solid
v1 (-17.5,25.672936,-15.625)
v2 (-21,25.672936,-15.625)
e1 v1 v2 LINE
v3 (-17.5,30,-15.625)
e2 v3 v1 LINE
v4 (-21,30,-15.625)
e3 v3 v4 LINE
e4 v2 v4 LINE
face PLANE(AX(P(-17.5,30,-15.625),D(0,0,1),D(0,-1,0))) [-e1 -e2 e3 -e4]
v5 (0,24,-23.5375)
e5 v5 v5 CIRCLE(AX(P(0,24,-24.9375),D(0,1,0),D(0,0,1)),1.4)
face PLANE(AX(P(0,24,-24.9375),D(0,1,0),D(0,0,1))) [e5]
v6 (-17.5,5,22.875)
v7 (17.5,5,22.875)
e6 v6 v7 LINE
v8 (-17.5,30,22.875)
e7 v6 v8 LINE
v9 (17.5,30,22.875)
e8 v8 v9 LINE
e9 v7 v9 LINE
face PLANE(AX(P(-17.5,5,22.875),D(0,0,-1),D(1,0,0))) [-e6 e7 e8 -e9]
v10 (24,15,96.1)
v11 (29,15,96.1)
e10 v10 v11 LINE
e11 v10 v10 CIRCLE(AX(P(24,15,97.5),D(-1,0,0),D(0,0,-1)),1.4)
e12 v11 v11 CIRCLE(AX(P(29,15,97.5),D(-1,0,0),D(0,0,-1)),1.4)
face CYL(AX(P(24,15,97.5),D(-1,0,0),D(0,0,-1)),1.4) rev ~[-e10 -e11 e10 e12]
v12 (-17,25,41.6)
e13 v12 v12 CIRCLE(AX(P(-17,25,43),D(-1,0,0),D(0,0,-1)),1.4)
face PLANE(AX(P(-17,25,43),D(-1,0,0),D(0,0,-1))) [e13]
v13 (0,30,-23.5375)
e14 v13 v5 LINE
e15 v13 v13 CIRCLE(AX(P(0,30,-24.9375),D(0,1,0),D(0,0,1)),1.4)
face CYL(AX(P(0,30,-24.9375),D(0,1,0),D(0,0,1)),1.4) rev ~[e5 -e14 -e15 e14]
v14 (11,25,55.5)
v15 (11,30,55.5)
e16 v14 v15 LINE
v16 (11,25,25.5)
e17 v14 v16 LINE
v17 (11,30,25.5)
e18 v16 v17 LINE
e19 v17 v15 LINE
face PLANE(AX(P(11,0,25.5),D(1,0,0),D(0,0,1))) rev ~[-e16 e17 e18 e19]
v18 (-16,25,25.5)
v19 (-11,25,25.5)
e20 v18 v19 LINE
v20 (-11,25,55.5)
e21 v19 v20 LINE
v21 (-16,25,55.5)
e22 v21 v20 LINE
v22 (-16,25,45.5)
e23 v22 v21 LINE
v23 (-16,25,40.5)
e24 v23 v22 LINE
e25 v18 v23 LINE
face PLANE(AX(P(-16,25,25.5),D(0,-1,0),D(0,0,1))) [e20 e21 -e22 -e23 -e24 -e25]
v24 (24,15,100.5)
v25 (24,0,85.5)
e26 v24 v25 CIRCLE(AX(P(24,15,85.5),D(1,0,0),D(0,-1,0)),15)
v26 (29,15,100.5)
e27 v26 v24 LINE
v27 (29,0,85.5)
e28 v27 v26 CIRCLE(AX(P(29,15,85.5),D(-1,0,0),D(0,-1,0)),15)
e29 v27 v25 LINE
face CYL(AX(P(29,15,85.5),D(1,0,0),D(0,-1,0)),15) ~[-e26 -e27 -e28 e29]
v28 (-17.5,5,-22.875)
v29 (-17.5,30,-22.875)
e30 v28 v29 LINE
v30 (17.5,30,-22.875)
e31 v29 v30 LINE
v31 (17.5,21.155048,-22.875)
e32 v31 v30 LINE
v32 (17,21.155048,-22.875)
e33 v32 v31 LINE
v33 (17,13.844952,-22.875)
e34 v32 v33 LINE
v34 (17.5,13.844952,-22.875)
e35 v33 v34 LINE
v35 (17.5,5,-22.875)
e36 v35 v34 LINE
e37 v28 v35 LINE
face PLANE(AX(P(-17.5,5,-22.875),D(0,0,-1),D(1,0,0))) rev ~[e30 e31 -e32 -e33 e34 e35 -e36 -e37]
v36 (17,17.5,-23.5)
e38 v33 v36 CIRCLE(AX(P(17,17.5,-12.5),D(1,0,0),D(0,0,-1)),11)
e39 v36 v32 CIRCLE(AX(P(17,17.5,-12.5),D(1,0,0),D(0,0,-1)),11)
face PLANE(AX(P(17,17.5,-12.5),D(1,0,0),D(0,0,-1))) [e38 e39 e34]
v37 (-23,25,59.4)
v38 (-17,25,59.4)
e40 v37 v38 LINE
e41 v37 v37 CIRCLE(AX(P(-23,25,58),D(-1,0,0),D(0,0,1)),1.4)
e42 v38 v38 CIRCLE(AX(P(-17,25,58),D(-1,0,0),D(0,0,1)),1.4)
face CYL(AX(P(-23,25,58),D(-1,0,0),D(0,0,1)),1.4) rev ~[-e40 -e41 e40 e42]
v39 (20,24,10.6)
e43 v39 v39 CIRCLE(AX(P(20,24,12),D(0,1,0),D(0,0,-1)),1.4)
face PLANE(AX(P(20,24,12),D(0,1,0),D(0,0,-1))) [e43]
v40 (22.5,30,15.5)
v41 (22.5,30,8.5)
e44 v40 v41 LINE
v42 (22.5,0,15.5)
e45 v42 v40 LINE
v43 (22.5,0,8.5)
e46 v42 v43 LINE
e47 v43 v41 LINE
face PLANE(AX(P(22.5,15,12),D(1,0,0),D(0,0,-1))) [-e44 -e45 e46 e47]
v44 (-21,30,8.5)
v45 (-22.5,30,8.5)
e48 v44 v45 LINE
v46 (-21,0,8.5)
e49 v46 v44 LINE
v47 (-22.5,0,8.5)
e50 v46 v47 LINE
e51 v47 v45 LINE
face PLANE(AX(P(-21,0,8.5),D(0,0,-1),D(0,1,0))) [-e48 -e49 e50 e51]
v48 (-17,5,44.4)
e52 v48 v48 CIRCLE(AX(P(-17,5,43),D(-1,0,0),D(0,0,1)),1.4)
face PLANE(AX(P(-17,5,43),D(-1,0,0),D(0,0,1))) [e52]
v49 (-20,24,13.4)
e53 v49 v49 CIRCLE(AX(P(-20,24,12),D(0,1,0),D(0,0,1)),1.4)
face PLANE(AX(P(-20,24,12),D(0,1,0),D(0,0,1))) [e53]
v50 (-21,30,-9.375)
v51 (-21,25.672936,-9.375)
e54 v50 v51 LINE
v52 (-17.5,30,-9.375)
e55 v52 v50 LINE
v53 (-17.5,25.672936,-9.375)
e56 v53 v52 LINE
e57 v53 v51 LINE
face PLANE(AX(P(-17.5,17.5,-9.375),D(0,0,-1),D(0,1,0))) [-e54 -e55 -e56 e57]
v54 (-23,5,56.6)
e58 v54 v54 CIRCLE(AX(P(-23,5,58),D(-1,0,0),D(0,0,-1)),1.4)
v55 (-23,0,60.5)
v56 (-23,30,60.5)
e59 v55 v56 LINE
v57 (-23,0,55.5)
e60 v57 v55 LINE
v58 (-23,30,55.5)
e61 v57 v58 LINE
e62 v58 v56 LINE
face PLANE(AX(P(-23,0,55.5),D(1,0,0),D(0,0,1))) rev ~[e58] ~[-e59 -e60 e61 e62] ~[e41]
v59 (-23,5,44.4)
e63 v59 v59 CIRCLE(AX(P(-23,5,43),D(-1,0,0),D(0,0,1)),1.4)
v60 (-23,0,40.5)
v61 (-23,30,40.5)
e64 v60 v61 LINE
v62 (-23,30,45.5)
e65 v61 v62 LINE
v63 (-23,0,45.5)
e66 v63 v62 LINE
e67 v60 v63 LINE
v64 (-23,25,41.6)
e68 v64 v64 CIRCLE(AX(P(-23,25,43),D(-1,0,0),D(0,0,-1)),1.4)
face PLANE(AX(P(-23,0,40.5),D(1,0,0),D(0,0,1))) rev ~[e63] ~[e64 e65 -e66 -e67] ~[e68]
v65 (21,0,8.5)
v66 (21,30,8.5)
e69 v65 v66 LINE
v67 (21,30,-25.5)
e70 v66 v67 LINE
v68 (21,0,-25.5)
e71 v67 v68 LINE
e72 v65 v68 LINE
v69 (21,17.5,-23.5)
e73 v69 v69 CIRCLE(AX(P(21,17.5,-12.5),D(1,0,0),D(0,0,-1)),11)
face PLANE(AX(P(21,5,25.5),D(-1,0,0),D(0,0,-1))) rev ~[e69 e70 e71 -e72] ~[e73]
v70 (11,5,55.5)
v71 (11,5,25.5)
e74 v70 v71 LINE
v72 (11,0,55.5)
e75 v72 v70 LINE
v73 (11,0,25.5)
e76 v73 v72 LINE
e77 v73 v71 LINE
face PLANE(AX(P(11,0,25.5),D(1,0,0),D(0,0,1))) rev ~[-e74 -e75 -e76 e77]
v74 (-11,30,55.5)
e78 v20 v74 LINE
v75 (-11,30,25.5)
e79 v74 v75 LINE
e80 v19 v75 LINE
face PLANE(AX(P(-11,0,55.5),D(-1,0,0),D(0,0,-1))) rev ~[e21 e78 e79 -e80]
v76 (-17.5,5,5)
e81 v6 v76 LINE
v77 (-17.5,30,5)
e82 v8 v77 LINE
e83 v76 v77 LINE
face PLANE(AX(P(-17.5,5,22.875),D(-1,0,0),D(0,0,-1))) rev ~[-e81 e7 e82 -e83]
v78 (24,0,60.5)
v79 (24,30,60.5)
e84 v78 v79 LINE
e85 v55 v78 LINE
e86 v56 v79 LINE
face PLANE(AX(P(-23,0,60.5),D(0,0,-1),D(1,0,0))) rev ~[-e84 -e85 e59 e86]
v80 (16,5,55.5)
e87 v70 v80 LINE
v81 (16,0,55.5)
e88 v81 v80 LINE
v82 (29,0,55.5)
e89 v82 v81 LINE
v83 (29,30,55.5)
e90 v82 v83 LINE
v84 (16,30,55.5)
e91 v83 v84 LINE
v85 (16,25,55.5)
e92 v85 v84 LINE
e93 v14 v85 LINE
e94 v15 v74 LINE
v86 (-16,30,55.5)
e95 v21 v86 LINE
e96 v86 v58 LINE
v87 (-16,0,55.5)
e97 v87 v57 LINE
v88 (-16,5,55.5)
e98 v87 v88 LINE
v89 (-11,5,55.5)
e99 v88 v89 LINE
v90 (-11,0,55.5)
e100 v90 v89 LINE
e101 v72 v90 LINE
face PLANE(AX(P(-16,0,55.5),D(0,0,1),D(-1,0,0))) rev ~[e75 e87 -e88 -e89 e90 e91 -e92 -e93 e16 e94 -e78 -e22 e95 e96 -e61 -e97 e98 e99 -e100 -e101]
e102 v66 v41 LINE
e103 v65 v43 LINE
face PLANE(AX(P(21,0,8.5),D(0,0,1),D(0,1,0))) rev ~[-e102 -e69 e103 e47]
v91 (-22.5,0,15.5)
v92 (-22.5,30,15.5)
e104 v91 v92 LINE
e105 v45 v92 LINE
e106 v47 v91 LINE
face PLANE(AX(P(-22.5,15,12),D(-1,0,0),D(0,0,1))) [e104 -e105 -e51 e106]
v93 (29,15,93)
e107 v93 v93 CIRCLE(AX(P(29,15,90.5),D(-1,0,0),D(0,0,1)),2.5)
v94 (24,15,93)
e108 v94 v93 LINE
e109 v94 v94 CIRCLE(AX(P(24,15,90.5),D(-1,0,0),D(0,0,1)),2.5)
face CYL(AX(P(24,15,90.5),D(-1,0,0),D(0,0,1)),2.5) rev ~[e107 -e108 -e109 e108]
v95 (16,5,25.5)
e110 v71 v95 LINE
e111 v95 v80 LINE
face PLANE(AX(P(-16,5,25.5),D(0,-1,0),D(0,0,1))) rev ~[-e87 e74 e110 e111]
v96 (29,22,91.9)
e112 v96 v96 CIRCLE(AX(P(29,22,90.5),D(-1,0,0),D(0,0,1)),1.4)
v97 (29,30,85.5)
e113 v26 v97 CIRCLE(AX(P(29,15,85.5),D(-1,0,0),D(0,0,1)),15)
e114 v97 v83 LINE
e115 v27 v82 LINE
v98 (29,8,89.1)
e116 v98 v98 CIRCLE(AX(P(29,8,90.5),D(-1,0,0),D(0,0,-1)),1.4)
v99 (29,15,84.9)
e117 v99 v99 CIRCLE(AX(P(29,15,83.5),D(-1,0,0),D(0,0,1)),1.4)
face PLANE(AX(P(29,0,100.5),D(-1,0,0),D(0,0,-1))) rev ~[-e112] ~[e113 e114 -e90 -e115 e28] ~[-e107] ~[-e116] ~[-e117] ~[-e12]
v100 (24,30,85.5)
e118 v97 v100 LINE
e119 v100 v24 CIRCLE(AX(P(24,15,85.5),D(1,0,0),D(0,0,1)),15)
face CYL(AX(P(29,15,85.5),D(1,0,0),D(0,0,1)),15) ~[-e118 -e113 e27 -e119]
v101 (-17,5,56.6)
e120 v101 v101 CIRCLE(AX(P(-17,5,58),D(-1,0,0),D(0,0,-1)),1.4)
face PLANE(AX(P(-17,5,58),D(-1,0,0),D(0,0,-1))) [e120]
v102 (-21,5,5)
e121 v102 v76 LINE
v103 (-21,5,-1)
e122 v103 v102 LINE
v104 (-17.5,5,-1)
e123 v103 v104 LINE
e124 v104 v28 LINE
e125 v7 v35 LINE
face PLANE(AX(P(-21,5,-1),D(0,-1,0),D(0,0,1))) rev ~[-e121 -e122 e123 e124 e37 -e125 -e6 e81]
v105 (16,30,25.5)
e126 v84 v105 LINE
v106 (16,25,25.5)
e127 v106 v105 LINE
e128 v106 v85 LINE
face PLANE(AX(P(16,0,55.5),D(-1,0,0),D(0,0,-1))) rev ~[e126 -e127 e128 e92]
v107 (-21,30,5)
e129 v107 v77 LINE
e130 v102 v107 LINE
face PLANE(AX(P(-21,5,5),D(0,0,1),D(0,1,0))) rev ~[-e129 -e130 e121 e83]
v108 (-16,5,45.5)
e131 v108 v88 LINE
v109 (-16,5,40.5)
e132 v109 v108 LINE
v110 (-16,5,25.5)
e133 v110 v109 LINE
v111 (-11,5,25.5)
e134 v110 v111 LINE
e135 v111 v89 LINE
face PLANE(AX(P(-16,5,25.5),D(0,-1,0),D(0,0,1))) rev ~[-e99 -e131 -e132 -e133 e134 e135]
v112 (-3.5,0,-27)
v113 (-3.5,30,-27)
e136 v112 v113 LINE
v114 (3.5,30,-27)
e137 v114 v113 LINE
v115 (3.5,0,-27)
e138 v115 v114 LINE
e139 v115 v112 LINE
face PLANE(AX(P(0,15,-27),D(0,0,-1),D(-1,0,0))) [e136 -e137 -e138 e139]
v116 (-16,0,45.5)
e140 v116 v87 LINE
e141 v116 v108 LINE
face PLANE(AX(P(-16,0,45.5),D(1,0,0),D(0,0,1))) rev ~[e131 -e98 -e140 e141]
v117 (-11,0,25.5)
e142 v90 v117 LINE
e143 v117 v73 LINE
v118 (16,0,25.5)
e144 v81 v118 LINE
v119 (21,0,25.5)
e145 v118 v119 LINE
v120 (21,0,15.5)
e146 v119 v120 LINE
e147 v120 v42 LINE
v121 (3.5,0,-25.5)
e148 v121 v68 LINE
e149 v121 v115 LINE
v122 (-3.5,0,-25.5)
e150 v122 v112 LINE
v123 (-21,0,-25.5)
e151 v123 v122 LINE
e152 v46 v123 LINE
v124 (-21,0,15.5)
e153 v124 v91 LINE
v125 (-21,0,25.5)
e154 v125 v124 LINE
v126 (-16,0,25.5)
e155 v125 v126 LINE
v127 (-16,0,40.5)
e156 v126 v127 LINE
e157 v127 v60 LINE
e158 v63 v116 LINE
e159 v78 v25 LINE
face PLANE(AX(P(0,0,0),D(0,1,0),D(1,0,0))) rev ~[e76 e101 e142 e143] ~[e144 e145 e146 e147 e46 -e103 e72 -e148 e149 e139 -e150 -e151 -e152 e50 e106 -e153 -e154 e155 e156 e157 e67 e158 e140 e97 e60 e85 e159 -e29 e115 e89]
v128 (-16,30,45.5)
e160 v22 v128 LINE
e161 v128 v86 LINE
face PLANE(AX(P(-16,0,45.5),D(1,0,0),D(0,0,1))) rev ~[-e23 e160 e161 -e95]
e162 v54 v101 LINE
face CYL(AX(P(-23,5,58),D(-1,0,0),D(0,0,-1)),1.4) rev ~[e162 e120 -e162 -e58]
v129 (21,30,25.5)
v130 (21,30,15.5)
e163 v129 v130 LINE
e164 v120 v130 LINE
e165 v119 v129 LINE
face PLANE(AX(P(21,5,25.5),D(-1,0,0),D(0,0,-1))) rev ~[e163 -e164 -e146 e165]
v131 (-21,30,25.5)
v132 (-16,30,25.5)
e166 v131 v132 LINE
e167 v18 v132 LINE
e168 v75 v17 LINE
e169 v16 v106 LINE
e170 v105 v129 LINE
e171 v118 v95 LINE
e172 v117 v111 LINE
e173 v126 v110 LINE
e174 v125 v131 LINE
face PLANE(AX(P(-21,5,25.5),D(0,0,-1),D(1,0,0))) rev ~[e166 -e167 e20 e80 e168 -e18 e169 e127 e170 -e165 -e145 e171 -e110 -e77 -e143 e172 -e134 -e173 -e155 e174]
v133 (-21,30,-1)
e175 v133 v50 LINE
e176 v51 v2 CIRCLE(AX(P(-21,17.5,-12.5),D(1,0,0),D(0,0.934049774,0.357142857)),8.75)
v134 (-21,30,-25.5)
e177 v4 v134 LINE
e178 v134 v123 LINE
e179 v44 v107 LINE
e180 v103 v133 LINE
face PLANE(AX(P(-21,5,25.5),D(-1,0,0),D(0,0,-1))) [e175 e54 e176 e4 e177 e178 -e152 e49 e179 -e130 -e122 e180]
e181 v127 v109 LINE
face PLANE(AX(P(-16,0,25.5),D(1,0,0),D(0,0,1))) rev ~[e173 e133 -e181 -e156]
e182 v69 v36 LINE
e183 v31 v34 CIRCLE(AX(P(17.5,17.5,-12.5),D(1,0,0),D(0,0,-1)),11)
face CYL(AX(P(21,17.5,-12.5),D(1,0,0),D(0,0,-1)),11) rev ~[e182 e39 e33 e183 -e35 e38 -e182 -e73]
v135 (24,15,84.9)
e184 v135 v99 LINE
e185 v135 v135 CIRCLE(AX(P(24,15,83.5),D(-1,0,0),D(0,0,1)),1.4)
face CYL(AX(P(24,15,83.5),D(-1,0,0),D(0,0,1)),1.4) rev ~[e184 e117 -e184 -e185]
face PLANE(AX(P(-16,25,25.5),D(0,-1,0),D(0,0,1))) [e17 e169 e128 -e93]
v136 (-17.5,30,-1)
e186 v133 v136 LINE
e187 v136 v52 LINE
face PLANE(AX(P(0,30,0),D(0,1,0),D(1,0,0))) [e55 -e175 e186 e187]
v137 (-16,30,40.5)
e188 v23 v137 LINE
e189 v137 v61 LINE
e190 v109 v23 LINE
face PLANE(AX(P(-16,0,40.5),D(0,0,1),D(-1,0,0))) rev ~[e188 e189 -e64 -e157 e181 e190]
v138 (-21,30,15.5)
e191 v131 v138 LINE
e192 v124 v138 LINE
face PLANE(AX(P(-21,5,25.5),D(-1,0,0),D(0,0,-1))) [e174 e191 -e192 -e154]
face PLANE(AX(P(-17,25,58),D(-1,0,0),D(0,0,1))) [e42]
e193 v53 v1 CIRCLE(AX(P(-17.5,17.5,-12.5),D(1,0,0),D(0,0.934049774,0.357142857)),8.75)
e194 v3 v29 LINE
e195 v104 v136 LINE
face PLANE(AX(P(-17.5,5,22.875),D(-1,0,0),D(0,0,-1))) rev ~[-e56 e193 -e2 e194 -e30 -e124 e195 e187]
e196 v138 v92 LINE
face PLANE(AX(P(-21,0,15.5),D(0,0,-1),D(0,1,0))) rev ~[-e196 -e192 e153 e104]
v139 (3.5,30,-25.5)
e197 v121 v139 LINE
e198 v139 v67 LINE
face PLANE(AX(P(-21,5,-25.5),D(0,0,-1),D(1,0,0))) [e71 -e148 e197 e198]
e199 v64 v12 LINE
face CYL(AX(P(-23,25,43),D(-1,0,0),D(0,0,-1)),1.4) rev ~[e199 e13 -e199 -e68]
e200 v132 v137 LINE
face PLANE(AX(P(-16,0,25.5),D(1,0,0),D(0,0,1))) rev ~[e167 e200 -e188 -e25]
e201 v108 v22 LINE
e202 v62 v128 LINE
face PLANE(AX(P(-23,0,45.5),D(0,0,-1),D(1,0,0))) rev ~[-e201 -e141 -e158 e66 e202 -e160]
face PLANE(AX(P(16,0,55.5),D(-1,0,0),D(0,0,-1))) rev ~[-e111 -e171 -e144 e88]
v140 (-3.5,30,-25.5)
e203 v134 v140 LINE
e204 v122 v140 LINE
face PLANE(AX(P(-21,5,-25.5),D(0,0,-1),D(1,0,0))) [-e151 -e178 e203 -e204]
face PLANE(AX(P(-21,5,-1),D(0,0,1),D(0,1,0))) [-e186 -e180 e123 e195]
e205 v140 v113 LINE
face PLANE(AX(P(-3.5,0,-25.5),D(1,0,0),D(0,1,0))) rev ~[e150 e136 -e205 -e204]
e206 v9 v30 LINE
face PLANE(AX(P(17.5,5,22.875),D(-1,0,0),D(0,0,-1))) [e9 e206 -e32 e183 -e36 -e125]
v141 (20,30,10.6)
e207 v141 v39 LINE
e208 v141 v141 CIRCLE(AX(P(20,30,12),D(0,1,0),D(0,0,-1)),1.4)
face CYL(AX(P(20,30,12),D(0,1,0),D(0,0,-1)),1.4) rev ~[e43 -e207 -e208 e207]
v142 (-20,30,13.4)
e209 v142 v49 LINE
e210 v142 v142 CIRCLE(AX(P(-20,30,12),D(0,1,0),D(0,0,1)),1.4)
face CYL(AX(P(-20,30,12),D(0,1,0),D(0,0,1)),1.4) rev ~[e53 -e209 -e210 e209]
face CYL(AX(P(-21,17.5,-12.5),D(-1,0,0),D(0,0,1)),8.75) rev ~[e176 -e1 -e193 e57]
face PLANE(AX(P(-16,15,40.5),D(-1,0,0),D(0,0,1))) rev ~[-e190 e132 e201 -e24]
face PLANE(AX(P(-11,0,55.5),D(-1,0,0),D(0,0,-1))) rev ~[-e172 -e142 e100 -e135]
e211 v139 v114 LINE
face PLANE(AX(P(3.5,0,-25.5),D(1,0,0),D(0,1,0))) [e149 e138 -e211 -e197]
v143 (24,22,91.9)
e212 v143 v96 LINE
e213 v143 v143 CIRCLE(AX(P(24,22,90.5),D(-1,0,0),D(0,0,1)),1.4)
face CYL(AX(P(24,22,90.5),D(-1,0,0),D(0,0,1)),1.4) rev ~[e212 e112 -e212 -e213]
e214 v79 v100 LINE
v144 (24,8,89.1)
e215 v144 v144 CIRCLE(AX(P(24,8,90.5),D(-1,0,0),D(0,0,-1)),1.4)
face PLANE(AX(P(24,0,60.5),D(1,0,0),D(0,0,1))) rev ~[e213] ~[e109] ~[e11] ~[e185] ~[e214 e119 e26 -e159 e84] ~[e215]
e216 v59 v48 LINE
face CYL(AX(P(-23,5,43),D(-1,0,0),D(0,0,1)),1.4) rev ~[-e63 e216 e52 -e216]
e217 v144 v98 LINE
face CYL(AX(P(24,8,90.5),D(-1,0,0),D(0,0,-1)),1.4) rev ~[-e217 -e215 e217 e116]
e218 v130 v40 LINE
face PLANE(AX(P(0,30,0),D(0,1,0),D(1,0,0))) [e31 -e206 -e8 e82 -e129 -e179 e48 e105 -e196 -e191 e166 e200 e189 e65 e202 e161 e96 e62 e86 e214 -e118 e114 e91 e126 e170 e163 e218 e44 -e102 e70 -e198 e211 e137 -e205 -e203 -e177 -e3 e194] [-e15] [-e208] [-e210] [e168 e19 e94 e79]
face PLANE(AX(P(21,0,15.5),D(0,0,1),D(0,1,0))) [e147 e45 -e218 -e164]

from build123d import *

# Parameters (mm, degrees)
BOSS_EXTRUDE1_DEPTH = 5
SKETCH3_W           = 42
SKETCH3_H           = 51
SKETCH3_W_2         = 35
SKETCH3_H_2         = 45.75
BOSS_EXTRUDE3_DEPTH = 25
SKETCH4_R           = 8.75
CUT_EXTRUDE2_DEPTH  = 5
CUT_EXTRUDE3_DEPTH  = 4
SKETCH7_W           = 6
SKETCH7_H           = 25
CUT_EXTRUDE4_DEPTH  = 4
SKETCH9_R           = 11
CUT_EXTRUDE5_DEPTH  = 4
SKETCH16_W          = 7
SKETCH16_H          = 30
BOSS_EXTRUDE5_DEPTH = 1.5
SKETCH17_W          = 7
SKETCH17_H          = 30
BOSS_EXTRUDE6_DEPTH = 1.5
SKETCH19_W          = 7
SKETCH19_H          = 30
BOSS_EXTRUDE7_DEPTH = 1.5
SKETCH18_R          = 1.4
CUT_EXTRUDE7_DEPTH  = 6
BOSS_EXTRUDE8_DEPTH = 30
SKETCH24_W          = 30
SKETCH24_H          = 20
CUT_EXTRUDE8_DEPTH  = 32
SKETCH29_R          = 1.4
CUT_EXTRUDE9_DEPTH  = 6
CUT_EXTRUDE10_DEPTH = 6
SKETCH28_R          = 2.5
SKETCH28_R_2        = 1.4
CUT_EXTRUDE11_DEPTH = 6


with BuildPart() as part:
    # Sketch1 → Boss-Extrude1 (new body)
    with BuildSketch(Plane(origin=(0, 0, 0), x_dir=(1, 0, 0), z_dir=(0, 1, 0))):
        Polygon((21, 25.5), (-21, 25.5), (-21, -25.5), (-16, -25.5), (-11, -25.5), (11, -25.5), (16, -25.5), (21, -25.5), align=None)
    extrude(amount=BOSS_EXTRUDE1_DEPTH)

    # Sketch3 → Boss-Extrude3 (add)
    with BuildSketch(Plane(origin=(0, 5, 0), x_dir=(1, 0, 0), z_dir=(0, 1, 0))):
        Rectangle(SKETCH3_W, SKETCH3_H)
        Rectangle(SKETCH3_W_2, SKETCH3_H_2, mode=Mode.SUBTRACT)
    extrude(amount=BOSS_EXTRUDE3_DEPTH)

    # Sketch4 → Cut-Extrude2 (cut)
    with BuildSketch(Plane.ZY.offset(21)):
        with Locations((-12.5, 17.5)):
            Circle(SKETCH4_R)
    extrude(amount=-CUT_EXTRUDE2_DEPTH, mode=Mode.SUBTRACT)

    # Sketch6 → Cut-Extrude3 (cut)
    with BuildSketch(Plane(origin=(-17.5, 0, 0), x_dir=(0, 0, -1), z_dir=(1, 0, 0))):
        with BuildLine():
            Line((9.375, 17.5), (9.375, 30))
            Line((9.375, 30), (15.625, 30))
            Line((15.625, 30), (15.625, 17.5))
            ThreePointArc((15.625, 17.5), (12.5, 14.375), (9.375, 17.5))
        make_face()
    extrude(amount=-CUT_EXTRUDE3_DEPTH, mode=Mode.SUBTRACT)

    # Sketch7 → Cut-Extrude4 (cut)
    with BuildSketch(Plane.ZY.offset(21)):
        with Locations((2, 17.5)):
            Rectangle(SKETCH7_W, SKETCH7_H)
    extrude(amount=-CUT_EXTRUDE4_DEPTH, mode=Mode.SUBTRACT)

    # Sketch9 → Cut-Extrude5 (cut)
    with BuildSketch(Plane(origin=(21, 0, 0), x_dir=(0, 0, -1), z_dir=(1, 0, 0))):
        with Locations((12.5, 17.5)):
            Circle(SKETCH9_R)
    extrude(amount=-CUT_EXTRUDE5_DEPTH, mode=Mode.SUBTRACT)

    # Sketch16 → Boss-Extrude5 (add)
    with BuildSketch(Plane.ZY.offset(21)):
        with Locations((12, 15)):
            Rectangle(SKETCH16_W, SKETCH16_H)
    extrude(amount=BOSS_EXTRUDE5_DEPTH)

    # Sketch17 → Boss-Extrude6 (add)
    with BuildSketch(Plane(origin=(21, 0, 0), x_dir=(0, 0, -1), z_dir=(1, 0, 0))):
        with Locations((-12, 15)):
            Rectangle(SKETCH17_W, SKETCH17_H)
    extrude(amount=BOSS_EXTRUDE6_DEPTH)

    # Sketch19 → Boss-Extrude7 (add)
    with BuildSketch(Plane(origin=(0, 0, -25.5), x_dir=(-1, 0, 0), z_dir=(0, 0, -1))):
        with Locations((0, 15)):
            Rectangle(SKETCH19_W, SKETCH19_H)
    extrude(amount=BOSS_EXTRUDE7_DEPTH)

    # Sketch18 → Cut-Extrude7 (cut)
    with BuildSketch(Plane(origin=(0, 30, 0), x_dir=(1, 0, 0), z_dir=(0, 1, 0))):
        with Locations((-20, -12)):
            Circle(SKETCH18_R)
        with Locations((20, -12)):
            Circle(SKETCH18_R)
        with Locations((0, 24.9375)):
            Circle(SKETCH18_R)
    extrude(amount=-CUT_EXTRUDE7_DEPTH, mode=Mode.SUBTRACT)

    # Sketch1<3> → Boss-Extrude8 (add)
    with BuildSketch(Plane(origin=(0, 0, 0), x_dir=(1, 0, 0), z_dir=(0, 1, 0))):
        Polygon((-11, -25.5), (-16, -25.5), (-16, -40.5), (-23, -40.5), (-23, -45.5), (-16, -45.5), (-16, -55.5), (-23, -55.5), (-23, -60.5), (24, -60.5), (24, -100.5), (29, -100.5), (29, -55.5), (16, -55.5), (16, -25.5), (11, -25.5), (11, -55.5), (-11, -55.5), align=None)
    extrude(amount=BOSS_EXTRUDE8_DEPTH)

    # Sketch24 → Cut-Extrude8 (cut)
    with BuildSketch(Plane.ZY.offset(16)):
        with Locations((40.5, 15)):
            Rectangle(SKETCH24_W, SKETCH24_H)
    extrude(amount=-CUT_EXTRUDE8_DEPTH, mode=Mode.SUBTRACT)

    # Sketch29 → Cut-Extrude9 (cut)
    with BuildSketch(Plane.ZY.offset(23)):
        with Locations((58, 25)):
            Circle(SKETCH29_R)
        with Locations((43, 25)):
            Circle(SKETCH29_R)
        with Locations((58, 5)):
            Circle(SKETCH29_R)
        with Locations((43, 5)):
            Circle(SKETCH29_R)
    extrude(amount=-CUT_EXTRUDE9_DEPTH, mode=Mode.SUBTRACT)

    # Sketch30 → Cut-Extrude10 (cut)
    with BuildSketch(Plane(origin=(29, 0, 0), x_dir=(0, 0, -1), z_dir=(1, 0, 0))):
        with BuildLine():
            ThreePointArc((-100.5, 15), (-96.106601718, 25.606601718), (-85.5, 30))
            Line((-85.5, 30), (-100.5, 30))
            Line((-100.5, 30), (-100.5, 15))
        make_face()
        with BuildLine():
            ThreePointArc((-85.5, 0), (-96.106601718, 4.393398282), (-100.5, 15))
            Line((-100.5, 15), (-100.5, 0))
            Line((-100.5, 0), (-85.5, 0))
        make_face()
    extrude(amount=-CUT_EXTRUDE10_DEPTH, mode=Mode.SUBTRACT)

    # Sketch28 → Cut-Extrude11 (cut)
    with BuildSketch(Plane.ZY.offset(-24)):
        with Locations((90.5, 15)):
            Circle(SKETCH28_R)
        with Locations((90.5, 22)):
            Circle(SKETCH28_R_2)
        with Locations((83.5, 15)):
            Circle(SKETCH28_R_2)
        with Locations((90.5, 8)):
            Circle(SKETCH28_R_2)
        with Locations((97.5, 15)):
            Circle(SKETCH28_R_2)
    extrude(amount=-CUT_EXTRUDE11_DEPTH, mode=Mode.SUBTRACT)


solid = part.part
